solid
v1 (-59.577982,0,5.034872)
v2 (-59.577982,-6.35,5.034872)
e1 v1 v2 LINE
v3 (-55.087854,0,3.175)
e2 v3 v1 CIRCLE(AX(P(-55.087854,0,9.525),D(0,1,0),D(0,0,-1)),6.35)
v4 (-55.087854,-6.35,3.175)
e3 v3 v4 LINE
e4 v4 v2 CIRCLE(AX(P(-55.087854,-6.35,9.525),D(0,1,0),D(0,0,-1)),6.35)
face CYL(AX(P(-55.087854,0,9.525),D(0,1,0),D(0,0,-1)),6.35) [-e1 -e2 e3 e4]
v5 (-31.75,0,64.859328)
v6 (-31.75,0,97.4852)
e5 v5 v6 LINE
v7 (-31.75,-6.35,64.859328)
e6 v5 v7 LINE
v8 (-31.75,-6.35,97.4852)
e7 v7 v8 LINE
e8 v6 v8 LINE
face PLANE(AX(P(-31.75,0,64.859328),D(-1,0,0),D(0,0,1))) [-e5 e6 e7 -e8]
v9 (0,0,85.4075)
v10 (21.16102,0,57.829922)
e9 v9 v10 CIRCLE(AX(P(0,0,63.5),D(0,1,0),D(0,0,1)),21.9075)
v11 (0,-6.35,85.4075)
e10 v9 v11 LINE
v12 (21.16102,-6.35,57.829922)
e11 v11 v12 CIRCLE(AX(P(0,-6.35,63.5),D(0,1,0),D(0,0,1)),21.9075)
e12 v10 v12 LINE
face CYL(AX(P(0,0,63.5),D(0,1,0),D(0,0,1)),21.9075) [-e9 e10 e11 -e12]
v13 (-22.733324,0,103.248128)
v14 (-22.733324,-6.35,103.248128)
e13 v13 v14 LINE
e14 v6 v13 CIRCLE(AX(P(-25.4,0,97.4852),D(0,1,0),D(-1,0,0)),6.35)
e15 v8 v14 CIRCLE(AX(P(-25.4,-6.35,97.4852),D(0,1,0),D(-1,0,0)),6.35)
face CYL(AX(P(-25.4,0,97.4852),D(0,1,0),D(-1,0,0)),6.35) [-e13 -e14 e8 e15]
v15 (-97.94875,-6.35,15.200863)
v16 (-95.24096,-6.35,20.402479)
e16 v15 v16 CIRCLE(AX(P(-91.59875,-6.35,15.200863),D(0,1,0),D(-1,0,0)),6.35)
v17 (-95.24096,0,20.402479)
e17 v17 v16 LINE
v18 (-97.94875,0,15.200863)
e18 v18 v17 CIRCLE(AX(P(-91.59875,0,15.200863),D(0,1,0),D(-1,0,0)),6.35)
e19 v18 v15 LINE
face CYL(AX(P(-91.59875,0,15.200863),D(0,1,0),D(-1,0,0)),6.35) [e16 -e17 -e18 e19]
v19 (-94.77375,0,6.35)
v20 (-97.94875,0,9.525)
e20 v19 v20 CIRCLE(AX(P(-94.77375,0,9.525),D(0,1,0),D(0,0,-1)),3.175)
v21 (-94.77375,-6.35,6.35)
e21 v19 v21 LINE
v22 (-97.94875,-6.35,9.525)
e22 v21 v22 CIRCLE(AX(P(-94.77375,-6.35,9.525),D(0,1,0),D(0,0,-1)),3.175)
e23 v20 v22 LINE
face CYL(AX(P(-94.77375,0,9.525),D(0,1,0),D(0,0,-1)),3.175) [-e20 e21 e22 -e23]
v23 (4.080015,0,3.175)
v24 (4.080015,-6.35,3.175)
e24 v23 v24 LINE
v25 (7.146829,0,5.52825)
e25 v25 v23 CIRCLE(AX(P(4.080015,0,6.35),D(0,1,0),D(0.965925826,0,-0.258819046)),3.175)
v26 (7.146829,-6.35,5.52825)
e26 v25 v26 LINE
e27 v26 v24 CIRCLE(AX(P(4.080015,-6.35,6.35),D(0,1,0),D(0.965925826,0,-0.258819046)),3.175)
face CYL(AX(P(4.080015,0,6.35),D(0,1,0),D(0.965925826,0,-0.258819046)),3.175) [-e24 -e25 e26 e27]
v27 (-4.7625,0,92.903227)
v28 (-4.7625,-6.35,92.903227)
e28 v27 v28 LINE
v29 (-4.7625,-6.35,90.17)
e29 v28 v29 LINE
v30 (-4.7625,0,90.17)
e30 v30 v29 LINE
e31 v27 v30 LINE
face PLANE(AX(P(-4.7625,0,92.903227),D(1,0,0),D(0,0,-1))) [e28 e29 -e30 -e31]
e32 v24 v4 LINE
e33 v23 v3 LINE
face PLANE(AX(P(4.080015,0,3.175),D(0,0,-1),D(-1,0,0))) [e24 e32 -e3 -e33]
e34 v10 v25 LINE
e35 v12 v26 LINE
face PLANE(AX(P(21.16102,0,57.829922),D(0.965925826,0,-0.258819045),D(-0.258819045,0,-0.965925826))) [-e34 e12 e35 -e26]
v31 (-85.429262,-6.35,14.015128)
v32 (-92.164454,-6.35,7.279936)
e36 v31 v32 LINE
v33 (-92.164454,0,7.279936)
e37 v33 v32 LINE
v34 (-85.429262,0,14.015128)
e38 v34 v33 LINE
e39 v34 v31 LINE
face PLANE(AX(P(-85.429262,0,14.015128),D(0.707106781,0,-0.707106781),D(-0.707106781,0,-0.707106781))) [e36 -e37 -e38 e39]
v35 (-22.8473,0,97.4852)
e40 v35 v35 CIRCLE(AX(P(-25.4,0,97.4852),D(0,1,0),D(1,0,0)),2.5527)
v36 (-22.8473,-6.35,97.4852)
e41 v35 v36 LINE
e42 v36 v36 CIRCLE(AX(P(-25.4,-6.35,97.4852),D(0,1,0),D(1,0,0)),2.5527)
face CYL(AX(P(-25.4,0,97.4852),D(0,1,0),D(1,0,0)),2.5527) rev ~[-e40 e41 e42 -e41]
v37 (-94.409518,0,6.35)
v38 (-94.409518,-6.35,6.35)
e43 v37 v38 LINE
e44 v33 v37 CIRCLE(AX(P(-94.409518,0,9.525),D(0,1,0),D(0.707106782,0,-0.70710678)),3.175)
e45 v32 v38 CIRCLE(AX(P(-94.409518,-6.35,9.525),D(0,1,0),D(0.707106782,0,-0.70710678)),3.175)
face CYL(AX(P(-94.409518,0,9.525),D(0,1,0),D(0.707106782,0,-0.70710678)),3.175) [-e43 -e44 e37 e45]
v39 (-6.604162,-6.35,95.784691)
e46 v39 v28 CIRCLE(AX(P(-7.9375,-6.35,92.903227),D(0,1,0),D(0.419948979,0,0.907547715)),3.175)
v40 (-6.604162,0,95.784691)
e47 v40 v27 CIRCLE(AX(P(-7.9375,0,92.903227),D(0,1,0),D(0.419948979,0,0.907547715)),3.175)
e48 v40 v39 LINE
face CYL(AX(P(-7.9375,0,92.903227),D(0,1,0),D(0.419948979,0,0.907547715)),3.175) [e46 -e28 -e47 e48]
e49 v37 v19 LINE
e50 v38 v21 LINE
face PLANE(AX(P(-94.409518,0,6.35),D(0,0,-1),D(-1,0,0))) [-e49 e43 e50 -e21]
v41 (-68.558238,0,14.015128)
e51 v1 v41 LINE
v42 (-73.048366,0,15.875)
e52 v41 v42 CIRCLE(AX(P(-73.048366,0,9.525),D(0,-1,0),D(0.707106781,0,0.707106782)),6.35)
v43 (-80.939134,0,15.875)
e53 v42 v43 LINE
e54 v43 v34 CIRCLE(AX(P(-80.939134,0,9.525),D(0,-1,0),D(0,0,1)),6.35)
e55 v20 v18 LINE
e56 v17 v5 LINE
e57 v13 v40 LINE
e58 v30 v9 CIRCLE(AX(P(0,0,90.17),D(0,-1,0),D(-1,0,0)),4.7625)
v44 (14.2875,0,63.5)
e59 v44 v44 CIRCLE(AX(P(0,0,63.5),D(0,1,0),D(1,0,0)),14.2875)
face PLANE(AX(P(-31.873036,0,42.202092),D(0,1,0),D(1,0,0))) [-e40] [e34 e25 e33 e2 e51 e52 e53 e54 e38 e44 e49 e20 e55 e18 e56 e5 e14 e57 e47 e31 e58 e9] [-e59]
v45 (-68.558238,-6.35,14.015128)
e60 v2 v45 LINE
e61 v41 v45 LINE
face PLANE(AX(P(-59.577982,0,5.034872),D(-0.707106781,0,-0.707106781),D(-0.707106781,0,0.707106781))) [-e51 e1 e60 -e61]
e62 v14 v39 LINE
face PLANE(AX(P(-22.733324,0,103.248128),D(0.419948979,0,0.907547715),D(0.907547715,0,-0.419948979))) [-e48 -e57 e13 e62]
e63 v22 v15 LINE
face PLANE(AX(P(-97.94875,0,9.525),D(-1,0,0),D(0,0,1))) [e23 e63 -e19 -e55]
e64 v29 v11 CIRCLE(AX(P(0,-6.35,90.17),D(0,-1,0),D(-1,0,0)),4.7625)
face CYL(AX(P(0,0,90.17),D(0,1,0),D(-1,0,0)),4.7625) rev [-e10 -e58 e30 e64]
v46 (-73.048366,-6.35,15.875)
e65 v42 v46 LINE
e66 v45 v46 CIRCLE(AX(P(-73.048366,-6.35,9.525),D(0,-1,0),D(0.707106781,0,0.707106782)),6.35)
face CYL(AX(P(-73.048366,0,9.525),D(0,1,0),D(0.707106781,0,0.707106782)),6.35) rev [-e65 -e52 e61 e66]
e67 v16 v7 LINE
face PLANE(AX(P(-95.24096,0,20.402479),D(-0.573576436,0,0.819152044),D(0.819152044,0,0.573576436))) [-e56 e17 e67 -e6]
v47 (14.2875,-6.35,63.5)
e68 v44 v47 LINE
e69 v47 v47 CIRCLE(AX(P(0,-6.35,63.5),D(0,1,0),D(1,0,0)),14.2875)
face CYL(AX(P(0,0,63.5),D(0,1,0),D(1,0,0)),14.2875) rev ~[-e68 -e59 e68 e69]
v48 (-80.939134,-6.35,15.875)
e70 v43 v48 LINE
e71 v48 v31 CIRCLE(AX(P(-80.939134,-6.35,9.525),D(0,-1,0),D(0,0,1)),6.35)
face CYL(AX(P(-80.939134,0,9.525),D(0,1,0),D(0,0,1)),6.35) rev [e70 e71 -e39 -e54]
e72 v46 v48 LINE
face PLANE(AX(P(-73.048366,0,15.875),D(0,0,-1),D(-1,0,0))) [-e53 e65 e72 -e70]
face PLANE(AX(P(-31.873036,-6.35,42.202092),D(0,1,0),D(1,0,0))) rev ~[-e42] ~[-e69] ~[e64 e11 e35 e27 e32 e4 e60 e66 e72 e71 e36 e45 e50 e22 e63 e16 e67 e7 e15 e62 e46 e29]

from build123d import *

# Parameters (mm, degrees)
SKETCH1_R           = 2.5527
SKETCH1_R_2         = 14.2875
BOSS_EXTRUDE1_DEPTH = 6.35


with BuildPart() as part:
    # Sketch1 → Boss-Extrude1 (new body)
    with BuildSketch(Plane(origin=(0, 0, 0), x_dir=(1, 0, 0), z_dir=(0, 1, 0))):
        with BuildLine():
            Line((4.080014702, -3.175), (-55.087853576, -3.175))
            ThreePointArc((-55.087853576, -3.175), (-57.517893372, -3.658364969), (-59.577981637, -5.034871939))
            Line((-59.577981637, -5.034871939), (-68.558237758, -14.015128061))
            ThreePointArc((-68.558237758, -14.015128061), (-70.618326023, -15.391635031), (-73.048365818, -15.875))
            Line((-73.048365818, -15.875), (-80.939134182, -15.875))
            ThreePointArc((-80.939134182, -15.875), (-83.369173977, -15.391635031), (-85.429262242, -14.015128061))
            Line((-85.429262242, -14.015128061), (-92.164454333, -7.27993597))
            ThreePointArc((-92.164454333, -7.27993597), (-93.194498465, -6.591682484), (-94.409518363, -6.35))
            Line((-94.409518363, -6.35), (-94.77375, -6.35))
            ThreePointArc((-94.77375, -6.35), (-97.01881403, -7.27993597), (-97.94875, -9.525))
            Line((-97.94875, -9.525), (-97.94875, -15.200863174))
            ThreePointArc((-97.94875, -15.200863174), (-97.231268791, -18.132966868), (-95.240960371, -20.402478656))
            Line((-95.240960371, -20.402478656), (-31.75, -64.859327715))
            Line((-31.75, -64.859327715), (-31.75, -97.4852))
            ThreePointArc((-31.75, -97.4852), (-28.819730055, -102.835708981), (-22.733323984, -103.248127991))
            Line((-22.733323984, -103.248127991), (-6.604161992, -95.784691086))
            ThreePointArc((-6.604161992, -95.784691086), (-5.26224551, -94.613092118), (-4.7625, -92.903227091))
            Line((-4.7625, -92.903227091), (-4.7625, -90.17))
            ThreePointArc((-4.7625, -90.17), (-3.367596045, -86.802403955), (0, -85.4075))
            ThreePointArc((0, -85.4075), (17.380388302, -76.836441006), (21.161020039, -57.829921769))
            Line((21.161020039, -57.829921769), (7.146829201, -5.528249532))
            ThreePointArc((7.146829201, -5.528249532), (6.012832239, -3.831103145), (4.080014702, -3.175))
        make_face()
        with Locations((-25.4, -97.4852)):
            Circle(SKETCH1_R, mode=Mode.SUBTRACT)
        with Locations((0, -63.5)):
            Circle(SKETCH1_R_2, mode=Mode.SUBTRACT)
    extrude(amount=-BOSS_EXTRUDE1_DEPTH)


solid = part.part
